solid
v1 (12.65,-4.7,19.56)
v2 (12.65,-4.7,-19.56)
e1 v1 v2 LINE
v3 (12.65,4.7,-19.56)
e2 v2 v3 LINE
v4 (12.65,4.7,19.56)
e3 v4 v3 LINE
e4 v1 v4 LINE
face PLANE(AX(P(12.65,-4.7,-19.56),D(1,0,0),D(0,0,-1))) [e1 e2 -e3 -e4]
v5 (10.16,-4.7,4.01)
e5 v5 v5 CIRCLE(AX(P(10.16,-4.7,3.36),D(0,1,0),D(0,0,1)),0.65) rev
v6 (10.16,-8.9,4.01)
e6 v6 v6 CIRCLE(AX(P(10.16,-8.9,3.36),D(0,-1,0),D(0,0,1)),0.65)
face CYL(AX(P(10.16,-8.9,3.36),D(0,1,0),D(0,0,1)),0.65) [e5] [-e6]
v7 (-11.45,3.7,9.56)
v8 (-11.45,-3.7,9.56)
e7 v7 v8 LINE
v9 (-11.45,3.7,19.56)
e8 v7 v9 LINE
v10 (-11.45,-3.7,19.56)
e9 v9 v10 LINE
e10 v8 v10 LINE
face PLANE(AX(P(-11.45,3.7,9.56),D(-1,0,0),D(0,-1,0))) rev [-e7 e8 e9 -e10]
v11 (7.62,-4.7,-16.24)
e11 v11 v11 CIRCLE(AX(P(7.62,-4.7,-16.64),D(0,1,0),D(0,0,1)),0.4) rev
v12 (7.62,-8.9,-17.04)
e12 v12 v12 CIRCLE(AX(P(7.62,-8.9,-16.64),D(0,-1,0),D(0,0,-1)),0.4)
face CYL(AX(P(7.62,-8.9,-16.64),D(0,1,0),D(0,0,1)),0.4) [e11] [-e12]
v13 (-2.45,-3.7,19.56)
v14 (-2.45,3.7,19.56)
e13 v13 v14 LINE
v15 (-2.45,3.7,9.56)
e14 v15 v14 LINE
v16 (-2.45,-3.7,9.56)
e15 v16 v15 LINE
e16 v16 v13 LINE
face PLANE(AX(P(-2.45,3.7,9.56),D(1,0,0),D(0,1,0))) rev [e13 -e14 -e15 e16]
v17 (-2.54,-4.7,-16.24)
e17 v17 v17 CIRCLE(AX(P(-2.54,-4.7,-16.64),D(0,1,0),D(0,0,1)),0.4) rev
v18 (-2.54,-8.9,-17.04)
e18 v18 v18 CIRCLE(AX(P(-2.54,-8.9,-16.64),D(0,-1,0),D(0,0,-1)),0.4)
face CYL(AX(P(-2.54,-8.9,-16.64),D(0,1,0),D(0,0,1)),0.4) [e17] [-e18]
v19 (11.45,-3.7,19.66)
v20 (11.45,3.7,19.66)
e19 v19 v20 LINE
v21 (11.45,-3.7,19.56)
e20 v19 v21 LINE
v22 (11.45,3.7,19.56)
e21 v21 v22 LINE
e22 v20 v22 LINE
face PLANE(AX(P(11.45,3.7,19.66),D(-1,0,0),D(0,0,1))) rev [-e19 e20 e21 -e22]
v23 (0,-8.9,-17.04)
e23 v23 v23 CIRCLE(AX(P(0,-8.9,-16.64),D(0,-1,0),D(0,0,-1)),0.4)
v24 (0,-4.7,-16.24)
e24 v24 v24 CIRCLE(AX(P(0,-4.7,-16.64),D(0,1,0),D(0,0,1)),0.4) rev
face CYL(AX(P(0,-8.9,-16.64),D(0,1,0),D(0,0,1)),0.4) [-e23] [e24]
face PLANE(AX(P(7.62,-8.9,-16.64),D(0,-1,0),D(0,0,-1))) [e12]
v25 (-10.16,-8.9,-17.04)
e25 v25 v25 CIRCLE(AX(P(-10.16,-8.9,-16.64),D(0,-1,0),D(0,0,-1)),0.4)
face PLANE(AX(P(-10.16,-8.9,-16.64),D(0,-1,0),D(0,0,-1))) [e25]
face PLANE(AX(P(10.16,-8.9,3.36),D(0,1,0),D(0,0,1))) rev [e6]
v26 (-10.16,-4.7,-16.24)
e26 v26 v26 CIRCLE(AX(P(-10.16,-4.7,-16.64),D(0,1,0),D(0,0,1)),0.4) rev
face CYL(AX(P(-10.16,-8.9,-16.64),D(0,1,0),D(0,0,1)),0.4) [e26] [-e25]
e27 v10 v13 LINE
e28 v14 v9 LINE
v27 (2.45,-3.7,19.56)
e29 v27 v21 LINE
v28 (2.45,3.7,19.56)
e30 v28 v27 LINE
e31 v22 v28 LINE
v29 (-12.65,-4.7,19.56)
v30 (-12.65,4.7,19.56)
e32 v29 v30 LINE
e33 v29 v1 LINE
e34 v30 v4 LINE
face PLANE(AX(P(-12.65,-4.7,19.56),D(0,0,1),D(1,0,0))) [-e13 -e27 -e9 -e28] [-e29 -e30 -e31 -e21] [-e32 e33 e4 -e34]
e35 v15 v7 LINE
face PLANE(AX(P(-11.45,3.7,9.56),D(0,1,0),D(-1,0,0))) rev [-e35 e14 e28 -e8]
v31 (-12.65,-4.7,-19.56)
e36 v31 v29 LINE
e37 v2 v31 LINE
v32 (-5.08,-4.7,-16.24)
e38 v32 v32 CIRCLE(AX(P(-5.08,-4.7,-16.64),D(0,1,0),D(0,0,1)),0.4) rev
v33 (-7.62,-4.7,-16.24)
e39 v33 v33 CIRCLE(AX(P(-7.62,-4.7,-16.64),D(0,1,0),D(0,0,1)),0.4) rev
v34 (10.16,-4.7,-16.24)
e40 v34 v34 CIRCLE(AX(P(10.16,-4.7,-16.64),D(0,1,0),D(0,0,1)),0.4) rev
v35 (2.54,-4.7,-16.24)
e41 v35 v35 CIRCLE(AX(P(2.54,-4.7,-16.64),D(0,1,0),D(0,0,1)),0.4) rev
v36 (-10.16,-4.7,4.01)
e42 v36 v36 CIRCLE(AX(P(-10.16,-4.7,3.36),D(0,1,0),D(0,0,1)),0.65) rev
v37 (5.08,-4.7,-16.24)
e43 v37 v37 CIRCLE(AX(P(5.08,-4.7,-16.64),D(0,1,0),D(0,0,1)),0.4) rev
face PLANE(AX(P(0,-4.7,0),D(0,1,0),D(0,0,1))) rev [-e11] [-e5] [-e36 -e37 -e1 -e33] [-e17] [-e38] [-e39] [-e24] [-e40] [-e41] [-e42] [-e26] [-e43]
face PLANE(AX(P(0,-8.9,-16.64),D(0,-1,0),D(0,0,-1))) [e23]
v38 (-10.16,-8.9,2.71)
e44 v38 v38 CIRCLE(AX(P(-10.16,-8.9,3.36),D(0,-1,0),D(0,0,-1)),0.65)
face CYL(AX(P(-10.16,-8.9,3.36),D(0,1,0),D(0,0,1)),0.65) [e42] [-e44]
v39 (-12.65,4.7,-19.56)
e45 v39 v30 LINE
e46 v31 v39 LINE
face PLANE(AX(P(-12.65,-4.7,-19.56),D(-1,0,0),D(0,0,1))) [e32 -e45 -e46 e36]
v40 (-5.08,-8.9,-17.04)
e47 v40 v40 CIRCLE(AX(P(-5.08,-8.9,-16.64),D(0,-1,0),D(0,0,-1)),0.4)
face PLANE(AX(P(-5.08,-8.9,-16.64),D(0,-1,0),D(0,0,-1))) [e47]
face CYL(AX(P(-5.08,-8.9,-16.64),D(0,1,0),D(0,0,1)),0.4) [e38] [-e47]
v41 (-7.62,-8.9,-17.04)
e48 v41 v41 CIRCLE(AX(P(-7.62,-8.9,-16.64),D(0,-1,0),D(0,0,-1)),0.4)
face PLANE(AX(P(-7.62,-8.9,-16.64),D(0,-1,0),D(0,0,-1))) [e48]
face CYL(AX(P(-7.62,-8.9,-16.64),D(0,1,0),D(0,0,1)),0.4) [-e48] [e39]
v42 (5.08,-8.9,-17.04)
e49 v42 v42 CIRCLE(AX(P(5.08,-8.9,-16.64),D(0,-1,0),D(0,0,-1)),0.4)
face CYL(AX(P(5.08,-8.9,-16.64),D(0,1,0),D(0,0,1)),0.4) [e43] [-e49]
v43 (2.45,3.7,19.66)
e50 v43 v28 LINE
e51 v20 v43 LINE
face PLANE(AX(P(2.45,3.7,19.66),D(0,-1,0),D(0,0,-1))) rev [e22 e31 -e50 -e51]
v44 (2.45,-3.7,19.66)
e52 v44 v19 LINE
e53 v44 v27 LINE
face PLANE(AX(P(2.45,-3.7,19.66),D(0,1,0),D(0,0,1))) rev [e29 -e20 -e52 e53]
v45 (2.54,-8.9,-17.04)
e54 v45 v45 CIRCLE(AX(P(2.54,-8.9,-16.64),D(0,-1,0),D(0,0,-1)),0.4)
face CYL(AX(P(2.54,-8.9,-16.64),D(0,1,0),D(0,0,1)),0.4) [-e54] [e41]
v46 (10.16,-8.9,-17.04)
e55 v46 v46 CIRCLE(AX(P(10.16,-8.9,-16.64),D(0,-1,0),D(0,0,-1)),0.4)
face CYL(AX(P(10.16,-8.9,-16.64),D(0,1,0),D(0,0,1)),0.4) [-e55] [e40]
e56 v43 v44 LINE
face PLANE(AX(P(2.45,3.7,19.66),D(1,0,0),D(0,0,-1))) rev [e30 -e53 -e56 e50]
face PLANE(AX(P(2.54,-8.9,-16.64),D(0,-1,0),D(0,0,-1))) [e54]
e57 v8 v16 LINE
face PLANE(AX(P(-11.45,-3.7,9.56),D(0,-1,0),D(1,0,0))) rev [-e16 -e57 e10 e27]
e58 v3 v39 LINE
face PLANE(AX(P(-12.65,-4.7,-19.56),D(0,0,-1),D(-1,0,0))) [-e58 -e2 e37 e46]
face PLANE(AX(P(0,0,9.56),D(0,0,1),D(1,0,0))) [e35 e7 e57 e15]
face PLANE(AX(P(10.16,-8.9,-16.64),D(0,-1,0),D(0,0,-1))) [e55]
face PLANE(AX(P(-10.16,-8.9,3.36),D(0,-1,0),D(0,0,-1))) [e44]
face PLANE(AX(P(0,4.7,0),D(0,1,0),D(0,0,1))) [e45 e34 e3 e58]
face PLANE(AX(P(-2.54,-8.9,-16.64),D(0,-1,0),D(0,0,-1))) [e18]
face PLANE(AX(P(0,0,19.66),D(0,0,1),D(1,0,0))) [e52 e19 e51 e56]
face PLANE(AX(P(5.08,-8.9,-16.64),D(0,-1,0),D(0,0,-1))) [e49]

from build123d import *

# Parameters (mm, degrees)
EXTRUDE_1_DEPTH      = 4.7
EXTRUDE_1_DEPTH_BACK = 4.7
SKETCH_1_W           = 25.3
SKETCH_1_H           = 39.12
SKETCH_2_W           = 9
SKETCH_2_H           = 7.4
CUT_EXTRUDE_2_DEPTH  = 10
SKETCH_3_W           = 9
SKETCH_3_H           = 7.4
EXTRUDE_4_DEPTH      = 0.1
SKETCH_4_R           = 0.65
SKETCH_4_R_2         = 0.4
EXTRUDE_3_DEPTH      = 4.2


with BuildPart() as part:
    # 草图1 → 凸台-拉伸1 (new, two sides: drawn at the far end of the back side and taken through both)
    with BuildSketch(Plane(origin=(0, 0, 0), x_dir=(1, 0, 0), z_dir=(0, 1, 0)).offset(-EXTRUDE_1_DEPTH_BACK)):
        Rectangle(SKETCH_1_W, SKETCH_1_H)
    extrude(amount=EXTRUDE_1_DEPTH + EXTRUDE_1_DEPTH_BACK)

    # 草图2 → 切除-拉伸2 (cut)
    with BuildSketch(Plane.XY.offset(19.56)):
        with Locations((-6.95, 0)):
            Rectangle(SKETCH_2_W, SKETCH_2_H)
    extrude(amount=-CUT_EXTRUDE_2_DEPTH, mode=Mode.SUBTRACT)

    # 草图3 → 凸台-拉伸4 (add)
    with BuildSketch(Plane.XY.offset(19.56)):
        with Locations((6.95, 0)):
            Rectangle(SKETCH_3_W, SKETCH_3_H)
    extrude(amount=EXTRUDE_4_DEPTH)

    # 草图4 → 凸台-拉伸3 (add)
    with BuildSketch(Plane.XZ.offset(4.7)):
        with Locations((-10.16, 3.36)):
            Circle(SKETCH_4_R)
        with Locations((10.16, 3.36)):
            Circle(SKETCH_4_R)
        with Locations((-10.16, -16.64)):
            Circle(SKETCH_4_R_2)
        with Locations((-7.62, -16.64)):
            Circle(SKETCH_4_R_2)
        with Locations((-5.08, -16.64)):
            Circle(SKETCH_4_R_2)
        with Locations((-2.54, -16.64)):
            Circle(SKETCH_4_R_2)
        with Locations((0, -16.64)):
            Circle(SKETCH_4_R_2)
        with Locations((2.54, -16.64)):
            Circle(SKETCH_4_R_2)
        with Locations((5.08, -16.64)):
            Circle(SKETCH_4_R_2)
        with Locations((7.62, -16.64)):
            Circle(SKETCH_4_R_2)
        with Locations((10.16, -16.64)):
            Circle(SKETCH_4_R_2)
    extrude(amount=EXTRUDE_3_DEPTH)


solid = part.part
